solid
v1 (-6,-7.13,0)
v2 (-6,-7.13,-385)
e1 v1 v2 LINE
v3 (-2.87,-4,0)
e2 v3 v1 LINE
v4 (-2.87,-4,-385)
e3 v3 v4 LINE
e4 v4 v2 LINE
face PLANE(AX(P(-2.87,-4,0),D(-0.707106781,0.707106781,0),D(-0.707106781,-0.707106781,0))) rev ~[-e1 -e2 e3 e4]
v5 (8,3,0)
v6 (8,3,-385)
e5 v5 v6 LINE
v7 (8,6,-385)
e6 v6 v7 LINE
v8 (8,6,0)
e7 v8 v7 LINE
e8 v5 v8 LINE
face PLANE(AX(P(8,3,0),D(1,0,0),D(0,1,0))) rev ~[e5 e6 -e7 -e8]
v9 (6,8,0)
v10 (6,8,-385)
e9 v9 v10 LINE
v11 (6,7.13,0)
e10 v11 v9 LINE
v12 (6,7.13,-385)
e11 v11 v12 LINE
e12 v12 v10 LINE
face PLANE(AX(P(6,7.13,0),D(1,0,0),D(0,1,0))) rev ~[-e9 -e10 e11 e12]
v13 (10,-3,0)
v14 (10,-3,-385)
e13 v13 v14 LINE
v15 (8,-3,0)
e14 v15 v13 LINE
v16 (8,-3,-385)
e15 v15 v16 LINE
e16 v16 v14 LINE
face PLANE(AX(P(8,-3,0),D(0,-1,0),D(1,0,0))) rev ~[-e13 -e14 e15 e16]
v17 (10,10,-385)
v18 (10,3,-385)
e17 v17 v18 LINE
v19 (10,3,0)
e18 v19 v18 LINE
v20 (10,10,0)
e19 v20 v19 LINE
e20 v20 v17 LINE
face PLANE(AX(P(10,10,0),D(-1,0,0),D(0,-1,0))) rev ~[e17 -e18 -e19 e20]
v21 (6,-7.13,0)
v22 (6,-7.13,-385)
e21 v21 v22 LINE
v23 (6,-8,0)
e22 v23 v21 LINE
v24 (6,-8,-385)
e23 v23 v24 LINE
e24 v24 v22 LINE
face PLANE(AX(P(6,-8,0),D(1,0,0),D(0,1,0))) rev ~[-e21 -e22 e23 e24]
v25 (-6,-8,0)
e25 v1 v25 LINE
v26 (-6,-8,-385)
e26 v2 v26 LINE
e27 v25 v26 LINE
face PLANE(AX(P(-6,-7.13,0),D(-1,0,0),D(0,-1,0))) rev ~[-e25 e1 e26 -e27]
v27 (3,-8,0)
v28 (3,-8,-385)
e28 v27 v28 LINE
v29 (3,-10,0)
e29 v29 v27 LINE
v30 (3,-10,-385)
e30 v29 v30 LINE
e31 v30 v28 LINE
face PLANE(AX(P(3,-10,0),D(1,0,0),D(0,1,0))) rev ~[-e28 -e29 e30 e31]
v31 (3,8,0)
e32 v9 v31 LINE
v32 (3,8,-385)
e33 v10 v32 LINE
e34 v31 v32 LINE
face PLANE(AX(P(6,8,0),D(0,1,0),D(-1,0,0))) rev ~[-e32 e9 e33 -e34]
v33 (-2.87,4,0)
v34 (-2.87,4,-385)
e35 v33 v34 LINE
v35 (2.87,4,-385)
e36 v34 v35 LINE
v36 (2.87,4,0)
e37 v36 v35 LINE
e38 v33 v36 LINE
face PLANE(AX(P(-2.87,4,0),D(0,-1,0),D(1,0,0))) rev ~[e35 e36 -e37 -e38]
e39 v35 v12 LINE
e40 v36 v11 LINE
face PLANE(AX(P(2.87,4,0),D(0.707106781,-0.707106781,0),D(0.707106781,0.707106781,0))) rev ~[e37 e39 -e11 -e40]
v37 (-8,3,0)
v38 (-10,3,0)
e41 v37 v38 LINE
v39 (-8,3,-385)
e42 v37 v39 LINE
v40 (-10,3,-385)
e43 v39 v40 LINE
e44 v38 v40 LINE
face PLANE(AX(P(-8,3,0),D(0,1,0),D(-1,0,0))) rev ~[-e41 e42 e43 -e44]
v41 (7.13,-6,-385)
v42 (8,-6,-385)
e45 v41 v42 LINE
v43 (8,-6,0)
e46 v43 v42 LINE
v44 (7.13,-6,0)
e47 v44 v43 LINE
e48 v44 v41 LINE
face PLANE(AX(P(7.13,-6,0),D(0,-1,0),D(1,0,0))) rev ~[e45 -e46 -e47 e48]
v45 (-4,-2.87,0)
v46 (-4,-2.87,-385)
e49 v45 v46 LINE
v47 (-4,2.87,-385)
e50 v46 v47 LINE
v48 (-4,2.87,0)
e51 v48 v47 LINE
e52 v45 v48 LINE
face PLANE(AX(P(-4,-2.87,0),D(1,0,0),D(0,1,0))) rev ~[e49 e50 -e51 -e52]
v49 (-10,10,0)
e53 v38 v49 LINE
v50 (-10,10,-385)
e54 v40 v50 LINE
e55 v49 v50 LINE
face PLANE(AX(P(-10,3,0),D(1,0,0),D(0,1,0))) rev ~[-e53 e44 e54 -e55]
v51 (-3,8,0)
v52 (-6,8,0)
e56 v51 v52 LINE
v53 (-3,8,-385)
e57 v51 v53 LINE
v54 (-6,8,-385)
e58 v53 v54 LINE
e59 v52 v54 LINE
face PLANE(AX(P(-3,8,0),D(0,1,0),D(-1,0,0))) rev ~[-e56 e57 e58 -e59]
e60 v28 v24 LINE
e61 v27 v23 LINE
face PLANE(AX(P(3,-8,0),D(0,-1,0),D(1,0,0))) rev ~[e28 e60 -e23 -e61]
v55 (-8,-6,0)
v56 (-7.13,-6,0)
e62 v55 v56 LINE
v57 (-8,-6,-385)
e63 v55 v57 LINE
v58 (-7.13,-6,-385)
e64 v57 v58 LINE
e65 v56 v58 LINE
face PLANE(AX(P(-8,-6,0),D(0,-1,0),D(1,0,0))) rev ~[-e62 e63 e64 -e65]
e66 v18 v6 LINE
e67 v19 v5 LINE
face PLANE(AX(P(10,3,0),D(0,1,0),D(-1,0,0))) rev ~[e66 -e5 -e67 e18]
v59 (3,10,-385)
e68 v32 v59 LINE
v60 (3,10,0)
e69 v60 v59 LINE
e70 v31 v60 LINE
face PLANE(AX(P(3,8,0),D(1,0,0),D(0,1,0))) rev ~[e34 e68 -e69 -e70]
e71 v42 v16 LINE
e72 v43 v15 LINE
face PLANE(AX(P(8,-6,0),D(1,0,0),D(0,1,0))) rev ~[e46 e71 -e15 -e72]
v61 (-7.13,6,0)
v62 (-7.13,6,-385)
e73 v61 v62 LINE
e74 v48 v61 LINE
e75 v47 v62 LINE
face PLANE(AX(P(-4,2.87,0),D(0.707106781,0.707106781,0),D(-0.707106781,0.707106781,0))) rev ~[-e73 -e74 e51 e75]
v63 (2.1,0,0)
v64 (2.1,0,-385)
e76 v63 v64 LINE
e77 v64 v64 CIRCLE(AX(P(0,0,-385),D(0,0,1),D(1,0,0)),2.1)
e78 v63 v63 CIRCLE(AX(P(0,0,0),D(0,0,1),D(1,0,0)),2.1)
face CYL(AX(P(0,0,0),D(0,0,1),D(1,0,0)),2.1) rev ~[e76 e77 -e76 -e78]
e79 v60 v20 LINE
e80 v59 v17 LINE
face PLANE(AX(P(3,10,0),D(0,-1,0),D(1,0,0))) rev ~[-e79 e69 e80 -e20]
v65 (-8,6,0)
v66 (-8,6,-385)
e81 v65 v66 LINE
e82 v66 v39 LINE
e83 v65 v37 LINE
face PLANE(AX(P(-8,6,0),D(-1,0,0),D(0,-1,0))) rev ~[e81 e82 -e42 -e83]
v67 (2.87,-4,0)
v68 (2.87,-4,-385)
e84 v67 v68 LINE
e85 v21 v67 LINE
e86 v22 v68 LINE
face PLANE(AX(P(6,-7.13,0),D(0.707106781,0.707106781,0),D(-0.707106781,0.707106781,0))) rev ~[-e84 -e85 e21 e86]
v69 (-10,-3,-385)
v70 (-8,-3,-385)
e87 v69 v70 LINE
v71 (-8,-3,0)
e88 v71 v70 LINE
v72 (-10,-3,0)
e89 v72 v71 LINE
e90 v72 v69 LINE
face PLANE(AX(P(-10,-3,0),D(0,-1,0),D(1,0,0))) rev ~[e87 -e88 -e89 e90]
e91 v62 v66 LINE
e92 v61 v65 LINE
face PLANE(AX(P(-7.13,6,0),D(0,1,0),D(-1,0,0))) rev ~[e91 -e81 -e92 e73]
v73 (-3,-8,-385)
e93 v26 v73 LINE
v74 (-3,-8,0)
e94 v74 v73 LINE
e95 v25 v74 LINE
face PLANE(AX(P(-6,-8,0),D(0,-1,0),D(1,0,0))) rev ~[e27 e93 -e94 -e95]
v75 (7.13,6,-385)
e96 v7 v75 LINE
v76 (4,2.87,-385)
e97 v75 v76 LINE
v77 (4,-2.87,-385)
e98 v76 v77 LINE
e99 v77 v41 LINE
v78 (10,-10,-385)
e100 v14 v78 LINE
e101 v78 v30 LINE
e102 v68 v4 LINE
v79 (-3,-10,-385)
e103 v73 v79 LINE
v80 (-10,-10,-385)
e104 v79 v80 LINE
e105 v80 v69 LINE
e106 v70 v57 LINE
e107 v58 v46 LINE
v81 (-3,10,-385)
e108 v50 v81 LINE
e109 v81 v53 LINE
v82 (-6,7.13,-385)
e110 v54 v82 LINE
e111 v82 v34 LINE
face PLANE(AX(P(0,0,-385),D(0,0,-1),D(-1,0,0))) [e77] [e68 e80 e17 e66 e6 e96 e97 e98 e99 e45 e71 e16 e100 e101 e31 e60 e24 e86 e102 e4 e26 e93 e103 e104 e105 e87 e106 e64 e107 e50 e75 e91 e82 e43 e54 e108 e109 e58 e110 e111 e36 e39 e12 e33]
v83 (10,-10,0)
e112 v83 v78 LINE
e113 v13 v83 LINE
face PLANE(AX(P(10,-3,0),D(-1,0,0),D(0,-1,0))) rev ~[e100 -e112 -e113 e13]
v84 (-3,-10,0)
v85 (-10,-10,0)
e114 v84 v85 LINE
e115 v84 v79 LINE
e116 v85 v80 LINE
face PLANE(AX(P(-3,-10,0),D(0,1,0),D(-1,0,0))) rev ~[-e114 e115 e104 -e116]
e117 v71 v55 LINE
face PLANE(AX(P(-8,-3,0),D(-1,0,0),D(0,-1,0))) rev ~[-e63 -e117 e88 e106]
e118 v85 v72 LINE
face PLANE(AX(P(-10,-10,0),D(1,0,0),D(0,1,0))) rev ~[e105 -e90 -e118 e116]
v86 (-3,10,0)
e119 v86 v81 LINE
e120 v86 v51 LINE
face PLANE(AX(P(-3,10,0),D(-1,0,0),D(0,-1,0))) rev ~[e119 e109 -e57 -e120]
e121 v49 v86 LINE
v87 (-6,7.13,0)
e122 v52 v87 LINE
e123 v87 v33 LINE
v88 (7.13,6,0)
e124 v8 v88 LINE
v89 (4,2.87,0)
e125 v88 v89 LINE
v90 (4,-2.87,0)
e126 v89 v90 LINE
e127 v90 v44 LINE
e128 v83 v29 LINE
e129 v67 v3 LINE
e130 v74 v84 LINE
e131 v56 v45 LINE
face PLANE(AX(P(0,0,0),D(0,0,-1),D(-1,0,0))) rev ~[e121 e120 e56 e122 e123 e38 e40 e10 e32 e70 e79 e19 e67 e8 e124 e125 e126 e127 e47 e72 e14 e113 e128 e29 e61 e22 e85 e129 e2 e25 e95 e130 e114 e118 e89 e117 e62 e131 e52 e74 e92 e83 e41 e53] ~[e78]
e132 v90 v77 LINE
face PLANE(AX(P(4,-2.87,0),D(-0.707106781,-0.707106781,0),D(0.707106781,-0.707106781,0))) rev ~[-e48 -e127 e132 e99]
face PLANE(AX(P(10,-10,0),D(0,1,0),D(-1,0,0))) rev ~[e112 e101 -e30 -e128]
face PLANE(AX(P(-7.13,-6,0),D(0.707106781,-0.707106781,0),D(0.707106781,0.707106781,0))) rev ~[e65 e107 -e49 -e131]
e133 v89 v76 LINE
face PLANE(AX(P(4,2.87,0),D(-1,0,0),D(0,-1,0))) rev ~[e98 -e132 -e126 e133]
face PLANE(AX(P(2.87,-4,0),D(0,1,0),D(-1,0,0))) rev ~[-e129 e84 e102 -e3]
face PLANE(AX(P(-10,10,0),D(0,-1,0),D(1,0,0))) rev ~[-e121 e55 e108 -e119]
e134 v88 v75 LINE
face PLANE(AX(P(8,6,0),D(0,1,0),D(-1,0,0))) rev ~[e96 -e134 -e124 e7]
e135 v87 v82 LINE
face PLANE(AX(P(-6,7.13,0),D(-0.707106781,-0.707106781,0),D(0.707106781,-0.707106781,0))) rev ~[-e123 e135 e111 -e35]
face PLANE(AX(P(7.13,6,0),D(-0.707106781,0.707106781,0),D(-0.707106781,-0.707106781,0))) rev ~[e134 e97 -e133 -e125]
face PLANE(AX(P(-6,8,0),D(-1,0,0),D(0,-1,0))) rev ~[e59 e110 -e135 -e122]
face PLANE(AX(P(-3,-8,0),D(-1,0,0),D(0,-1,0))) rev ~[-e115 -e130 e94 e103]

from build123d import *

# Parameters (mm, degrees)
CROQUIS1_R              = 2.1
SALIENTE_EXTRUIR2_DEPTH = 385


with BuildPart() as part:
    # Croquis1 → Saliente-Extruir2 (new body)
    with BuildSketch(Plane.XY):
        Polygon((-3, 10), (-3, 8), (-6, 8), (-6, 7.13), (-2.87, 4), (2.87, 4), (6, 7.13), (6, 8), (3, 8), (3, 10), (10, 10), (10, 3), (8, 3), (8, 6), (7.13, 6), (4, 2.87), (4, -2.87), (7.13, -6), (8, -6), (8, -3), (10, -3), (10, -10), (3, -10), (3, -8), (6, -8), (6, -7.13), (2.87, -4), (-2.87, -4), (-6, -7.13), (-6, -8), (-3, -8), (-3, -10), (-10, -10), (-10, -3), (-8, -3), (-8, -6), (-7.13, -6), (-4, -2.87), (-4, 2.87), (-7.13, 6), (-8, 6), (-8, 3), (-10, 3), (-10, 10), align=None)
        Circle(CROQUIS1_R, mode=Mode.SUBTRACT)
    extrude(amount=-SALIENTE_EXTRUIR2_DEPTH)


solid = part.part
